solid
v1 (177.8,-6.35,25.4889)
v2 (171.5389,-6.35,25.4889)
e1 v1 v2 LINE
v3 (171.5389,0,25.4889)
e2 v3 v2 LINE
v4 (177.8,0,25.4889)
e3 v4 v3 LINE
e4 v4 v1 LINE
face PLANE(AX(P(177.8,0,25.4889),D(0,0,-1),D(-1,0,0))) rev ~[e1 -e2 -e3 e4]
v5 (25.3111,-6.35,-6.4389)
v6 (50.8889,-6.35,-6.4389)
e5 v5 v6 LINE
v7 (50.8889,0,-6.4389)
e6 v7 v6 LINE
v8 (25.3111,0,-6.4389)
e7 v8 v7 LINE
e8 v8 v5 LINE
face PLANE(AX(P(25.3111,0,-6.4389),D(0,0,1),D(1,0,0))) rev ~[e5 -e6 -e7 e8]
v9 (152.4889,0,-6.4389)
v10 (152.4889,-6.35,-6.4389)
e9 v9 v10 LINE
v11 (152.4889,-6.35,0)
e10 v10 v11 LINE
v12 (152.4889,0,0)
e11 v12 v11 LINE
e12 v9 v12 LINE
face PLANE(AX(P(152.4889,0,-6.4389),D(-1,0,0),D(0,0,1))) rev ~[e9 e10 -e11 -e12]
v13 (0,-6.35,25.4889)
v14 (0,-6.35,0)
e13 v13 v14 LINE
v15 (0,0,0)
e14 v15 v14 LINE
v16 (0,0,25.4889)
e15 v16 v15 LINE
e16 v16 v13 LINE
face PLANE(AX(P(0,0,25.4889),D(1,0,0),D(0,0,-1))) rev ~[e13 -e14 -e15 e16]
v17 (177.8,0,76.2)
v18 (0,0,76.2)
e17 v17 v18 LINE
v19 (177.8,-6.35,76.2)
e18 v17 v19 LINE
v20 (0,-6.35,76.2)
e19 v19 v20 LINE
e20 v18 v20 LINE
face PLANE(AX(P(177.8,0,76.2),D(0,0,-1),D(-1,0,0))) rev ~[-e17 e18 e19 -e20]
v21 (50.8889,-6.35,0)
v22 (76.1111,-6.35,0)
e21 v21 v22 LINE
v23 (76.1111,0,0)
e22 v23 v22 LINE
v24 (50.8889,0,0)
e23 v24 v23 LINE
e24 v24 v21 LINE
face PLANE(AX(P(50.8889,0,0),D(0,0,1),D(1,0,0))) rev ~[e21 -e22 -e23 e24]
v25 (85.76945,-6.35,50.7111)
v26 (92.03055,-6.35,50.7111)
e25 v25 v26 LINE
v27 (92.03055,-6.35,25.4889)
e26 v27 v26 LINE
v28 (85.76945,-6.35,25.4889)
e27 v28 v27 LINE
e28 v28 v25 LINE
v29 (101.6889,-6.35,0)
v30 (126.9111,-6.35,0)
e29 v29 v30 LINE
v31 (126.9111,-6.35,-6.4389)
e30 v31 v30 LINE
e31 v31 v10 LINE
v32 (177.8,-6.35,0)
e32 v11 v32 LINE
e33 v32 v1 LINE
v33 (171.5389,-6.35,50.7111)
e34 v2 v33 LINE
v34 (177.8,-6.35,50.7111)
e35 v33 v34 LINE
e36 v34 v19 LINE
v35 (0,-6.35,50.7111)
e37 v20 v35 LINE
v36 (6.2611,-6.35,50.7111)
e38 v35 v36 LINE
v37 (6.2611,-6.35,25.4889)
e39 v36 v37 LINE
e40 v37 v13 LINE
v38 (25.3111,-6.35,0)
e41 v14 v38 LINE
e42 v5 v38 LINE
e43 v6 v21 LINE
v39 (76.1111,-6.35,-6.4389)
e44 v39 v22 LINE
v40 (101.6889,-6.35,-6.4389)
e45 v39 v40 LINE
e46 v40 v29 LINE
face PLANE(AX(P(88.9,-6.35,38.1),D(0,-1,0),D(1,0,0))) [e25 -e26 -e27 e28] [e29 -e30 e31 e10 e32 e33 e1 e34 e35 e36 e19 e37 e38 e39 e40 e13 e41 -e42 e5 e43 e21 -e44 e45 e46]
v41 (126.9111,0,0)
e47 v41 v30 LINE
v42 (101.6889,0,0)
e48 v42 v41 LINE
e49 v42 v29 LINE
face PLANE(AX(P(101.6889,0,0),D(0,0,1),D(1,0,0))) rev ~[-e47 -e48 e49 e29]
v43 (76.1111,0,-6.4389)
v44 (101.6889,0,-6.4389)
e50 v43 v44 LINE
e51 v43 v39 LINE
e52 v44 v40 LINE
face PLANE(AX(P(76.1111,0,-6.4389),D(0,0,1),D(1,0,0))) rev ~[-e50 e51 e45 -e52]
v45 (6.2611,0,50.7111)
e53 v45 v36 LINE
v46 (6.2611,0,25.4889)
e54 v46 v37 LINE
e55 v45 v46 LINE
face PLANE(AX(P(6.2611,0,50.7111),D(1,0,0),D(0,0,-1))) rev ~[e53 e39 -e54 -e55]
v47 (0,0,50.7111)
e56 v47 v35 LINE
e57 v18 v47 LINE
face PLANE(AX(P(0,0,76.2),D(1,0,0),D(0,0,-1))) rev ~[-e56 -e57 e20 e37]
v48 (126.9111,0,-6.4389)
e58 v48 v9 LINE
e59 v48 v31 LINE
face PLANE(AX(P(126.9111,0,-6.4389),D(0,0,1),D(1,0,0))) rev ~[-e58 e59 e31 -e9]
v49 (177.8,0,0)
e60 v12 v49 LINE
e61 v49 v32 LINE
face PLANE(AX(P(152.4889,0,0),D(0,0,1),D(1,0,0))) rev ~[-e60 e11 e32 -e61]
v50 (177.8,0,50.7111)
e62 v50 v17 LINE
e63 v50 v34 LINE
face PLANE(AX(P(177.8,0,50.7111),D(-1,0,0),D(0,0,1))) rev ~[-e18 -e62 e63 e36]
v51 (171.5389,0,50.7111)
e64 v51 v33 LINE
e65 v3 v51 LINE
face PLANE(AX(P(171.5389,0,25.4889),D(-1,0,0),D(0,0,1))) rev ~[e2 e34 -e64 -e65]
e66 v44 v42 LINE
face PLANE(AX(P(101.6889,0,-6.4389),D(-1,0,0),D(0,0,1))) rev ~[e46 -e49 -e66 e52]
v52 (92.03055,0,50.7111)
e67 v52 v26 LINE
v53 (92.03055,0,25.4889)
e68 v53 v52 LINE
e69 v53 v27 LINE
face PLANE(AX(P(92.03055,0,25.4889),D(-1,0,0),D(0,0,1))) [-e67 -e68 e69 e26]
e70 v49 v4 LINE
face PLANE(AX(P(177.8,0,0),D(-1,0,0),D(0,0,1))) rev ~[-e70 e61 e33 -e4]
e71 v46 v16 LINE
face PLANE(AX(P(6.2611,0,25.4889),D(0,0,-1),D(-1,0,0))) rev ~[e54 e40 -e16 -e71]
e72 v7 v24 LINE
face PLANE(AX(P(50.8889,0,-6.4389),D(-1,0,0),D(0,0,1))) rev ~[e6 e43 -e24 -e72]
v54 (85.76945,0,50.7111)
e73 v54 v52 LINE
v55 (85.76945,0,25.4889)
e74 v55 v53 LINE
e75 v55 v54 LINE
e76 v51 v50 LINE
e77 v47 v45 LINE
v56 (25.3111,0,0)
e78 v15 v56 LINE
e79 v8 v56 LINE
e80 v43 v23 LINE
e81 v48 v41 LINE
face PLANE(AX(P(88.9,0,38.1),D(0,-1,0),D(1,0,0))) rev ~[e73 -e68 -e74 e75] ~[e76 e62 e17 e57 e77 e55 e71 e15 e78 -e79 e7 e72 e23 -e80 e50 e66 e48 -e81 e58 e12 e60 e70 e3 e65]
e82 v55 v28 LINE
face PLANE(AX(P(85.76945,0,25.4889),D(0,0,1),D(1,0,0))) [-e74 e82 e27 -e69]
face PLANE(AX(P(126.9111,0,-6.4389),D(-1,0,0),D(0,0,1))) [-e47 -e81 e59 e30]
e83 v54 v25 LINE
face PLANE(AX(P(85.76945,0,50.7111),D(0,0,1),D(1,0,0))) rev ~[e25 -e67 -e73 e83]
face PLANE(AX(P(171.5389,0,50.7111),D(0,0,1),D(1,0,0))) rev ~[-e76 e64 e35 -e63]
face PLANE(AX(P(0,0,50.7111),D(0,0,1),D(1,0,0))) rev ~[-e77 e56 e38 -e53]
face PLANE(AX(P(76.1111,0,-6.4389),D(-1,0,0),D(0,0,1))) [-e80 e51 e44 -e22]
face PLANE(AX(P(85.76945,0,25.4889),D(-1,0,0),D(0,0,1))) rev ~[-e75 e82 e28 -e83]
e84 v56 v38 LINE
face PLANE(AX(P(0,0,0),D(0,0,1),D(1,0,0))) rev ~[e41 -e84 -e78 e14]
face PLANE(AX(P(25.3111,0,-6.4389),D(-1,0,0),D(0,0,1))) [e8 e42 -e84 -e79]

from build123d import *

# Parameters (mm, degrees)
F0_W     = 6.2611
F0_H     = 25.2222
F0_W_2   = 25.5778
F0_H_2   = 6.4389
F1_DEPTH = 6.35


with BuildPart() as f1:
    # F0 (on Front) → F1 (new body)
    with BuildSketch(Plane.XZ):
        Polygon((0, 25.4889), (0, 0), (25.3111, 0), (50.8889, 0), (76.1111, 0), (101.6889, 0), (126.9111, 0), (152.4889, 0), (177.8, 0), (177.8, 25.4889), (171.5389, 25.4889), (171.5389, 50.7111), (177.8, 50.7111), (177.8, 76.2), (0, 76.2), (0, 50.7111), (6.2611, 50.7111), (6.2611, 25.4889), align=None)
        with Locations((88.9, 38.1)):
            Rectangle(F0_W, F0_H, mode=Mode.SUBTRACT)
        with Locations((38.1, -3.21945)):
            Rectangle(F0_W_2, F0_H_2)
        with Locations((88.9, -3.21945)):
            Rectangle(F0_W_2, F0_H_2)
        with Locations((139.7, -3.21945)):
            Rectangle(F0_W_2, F0_H_2)
    extrude(amount=F1_DEPTH)


solid = f1.part
